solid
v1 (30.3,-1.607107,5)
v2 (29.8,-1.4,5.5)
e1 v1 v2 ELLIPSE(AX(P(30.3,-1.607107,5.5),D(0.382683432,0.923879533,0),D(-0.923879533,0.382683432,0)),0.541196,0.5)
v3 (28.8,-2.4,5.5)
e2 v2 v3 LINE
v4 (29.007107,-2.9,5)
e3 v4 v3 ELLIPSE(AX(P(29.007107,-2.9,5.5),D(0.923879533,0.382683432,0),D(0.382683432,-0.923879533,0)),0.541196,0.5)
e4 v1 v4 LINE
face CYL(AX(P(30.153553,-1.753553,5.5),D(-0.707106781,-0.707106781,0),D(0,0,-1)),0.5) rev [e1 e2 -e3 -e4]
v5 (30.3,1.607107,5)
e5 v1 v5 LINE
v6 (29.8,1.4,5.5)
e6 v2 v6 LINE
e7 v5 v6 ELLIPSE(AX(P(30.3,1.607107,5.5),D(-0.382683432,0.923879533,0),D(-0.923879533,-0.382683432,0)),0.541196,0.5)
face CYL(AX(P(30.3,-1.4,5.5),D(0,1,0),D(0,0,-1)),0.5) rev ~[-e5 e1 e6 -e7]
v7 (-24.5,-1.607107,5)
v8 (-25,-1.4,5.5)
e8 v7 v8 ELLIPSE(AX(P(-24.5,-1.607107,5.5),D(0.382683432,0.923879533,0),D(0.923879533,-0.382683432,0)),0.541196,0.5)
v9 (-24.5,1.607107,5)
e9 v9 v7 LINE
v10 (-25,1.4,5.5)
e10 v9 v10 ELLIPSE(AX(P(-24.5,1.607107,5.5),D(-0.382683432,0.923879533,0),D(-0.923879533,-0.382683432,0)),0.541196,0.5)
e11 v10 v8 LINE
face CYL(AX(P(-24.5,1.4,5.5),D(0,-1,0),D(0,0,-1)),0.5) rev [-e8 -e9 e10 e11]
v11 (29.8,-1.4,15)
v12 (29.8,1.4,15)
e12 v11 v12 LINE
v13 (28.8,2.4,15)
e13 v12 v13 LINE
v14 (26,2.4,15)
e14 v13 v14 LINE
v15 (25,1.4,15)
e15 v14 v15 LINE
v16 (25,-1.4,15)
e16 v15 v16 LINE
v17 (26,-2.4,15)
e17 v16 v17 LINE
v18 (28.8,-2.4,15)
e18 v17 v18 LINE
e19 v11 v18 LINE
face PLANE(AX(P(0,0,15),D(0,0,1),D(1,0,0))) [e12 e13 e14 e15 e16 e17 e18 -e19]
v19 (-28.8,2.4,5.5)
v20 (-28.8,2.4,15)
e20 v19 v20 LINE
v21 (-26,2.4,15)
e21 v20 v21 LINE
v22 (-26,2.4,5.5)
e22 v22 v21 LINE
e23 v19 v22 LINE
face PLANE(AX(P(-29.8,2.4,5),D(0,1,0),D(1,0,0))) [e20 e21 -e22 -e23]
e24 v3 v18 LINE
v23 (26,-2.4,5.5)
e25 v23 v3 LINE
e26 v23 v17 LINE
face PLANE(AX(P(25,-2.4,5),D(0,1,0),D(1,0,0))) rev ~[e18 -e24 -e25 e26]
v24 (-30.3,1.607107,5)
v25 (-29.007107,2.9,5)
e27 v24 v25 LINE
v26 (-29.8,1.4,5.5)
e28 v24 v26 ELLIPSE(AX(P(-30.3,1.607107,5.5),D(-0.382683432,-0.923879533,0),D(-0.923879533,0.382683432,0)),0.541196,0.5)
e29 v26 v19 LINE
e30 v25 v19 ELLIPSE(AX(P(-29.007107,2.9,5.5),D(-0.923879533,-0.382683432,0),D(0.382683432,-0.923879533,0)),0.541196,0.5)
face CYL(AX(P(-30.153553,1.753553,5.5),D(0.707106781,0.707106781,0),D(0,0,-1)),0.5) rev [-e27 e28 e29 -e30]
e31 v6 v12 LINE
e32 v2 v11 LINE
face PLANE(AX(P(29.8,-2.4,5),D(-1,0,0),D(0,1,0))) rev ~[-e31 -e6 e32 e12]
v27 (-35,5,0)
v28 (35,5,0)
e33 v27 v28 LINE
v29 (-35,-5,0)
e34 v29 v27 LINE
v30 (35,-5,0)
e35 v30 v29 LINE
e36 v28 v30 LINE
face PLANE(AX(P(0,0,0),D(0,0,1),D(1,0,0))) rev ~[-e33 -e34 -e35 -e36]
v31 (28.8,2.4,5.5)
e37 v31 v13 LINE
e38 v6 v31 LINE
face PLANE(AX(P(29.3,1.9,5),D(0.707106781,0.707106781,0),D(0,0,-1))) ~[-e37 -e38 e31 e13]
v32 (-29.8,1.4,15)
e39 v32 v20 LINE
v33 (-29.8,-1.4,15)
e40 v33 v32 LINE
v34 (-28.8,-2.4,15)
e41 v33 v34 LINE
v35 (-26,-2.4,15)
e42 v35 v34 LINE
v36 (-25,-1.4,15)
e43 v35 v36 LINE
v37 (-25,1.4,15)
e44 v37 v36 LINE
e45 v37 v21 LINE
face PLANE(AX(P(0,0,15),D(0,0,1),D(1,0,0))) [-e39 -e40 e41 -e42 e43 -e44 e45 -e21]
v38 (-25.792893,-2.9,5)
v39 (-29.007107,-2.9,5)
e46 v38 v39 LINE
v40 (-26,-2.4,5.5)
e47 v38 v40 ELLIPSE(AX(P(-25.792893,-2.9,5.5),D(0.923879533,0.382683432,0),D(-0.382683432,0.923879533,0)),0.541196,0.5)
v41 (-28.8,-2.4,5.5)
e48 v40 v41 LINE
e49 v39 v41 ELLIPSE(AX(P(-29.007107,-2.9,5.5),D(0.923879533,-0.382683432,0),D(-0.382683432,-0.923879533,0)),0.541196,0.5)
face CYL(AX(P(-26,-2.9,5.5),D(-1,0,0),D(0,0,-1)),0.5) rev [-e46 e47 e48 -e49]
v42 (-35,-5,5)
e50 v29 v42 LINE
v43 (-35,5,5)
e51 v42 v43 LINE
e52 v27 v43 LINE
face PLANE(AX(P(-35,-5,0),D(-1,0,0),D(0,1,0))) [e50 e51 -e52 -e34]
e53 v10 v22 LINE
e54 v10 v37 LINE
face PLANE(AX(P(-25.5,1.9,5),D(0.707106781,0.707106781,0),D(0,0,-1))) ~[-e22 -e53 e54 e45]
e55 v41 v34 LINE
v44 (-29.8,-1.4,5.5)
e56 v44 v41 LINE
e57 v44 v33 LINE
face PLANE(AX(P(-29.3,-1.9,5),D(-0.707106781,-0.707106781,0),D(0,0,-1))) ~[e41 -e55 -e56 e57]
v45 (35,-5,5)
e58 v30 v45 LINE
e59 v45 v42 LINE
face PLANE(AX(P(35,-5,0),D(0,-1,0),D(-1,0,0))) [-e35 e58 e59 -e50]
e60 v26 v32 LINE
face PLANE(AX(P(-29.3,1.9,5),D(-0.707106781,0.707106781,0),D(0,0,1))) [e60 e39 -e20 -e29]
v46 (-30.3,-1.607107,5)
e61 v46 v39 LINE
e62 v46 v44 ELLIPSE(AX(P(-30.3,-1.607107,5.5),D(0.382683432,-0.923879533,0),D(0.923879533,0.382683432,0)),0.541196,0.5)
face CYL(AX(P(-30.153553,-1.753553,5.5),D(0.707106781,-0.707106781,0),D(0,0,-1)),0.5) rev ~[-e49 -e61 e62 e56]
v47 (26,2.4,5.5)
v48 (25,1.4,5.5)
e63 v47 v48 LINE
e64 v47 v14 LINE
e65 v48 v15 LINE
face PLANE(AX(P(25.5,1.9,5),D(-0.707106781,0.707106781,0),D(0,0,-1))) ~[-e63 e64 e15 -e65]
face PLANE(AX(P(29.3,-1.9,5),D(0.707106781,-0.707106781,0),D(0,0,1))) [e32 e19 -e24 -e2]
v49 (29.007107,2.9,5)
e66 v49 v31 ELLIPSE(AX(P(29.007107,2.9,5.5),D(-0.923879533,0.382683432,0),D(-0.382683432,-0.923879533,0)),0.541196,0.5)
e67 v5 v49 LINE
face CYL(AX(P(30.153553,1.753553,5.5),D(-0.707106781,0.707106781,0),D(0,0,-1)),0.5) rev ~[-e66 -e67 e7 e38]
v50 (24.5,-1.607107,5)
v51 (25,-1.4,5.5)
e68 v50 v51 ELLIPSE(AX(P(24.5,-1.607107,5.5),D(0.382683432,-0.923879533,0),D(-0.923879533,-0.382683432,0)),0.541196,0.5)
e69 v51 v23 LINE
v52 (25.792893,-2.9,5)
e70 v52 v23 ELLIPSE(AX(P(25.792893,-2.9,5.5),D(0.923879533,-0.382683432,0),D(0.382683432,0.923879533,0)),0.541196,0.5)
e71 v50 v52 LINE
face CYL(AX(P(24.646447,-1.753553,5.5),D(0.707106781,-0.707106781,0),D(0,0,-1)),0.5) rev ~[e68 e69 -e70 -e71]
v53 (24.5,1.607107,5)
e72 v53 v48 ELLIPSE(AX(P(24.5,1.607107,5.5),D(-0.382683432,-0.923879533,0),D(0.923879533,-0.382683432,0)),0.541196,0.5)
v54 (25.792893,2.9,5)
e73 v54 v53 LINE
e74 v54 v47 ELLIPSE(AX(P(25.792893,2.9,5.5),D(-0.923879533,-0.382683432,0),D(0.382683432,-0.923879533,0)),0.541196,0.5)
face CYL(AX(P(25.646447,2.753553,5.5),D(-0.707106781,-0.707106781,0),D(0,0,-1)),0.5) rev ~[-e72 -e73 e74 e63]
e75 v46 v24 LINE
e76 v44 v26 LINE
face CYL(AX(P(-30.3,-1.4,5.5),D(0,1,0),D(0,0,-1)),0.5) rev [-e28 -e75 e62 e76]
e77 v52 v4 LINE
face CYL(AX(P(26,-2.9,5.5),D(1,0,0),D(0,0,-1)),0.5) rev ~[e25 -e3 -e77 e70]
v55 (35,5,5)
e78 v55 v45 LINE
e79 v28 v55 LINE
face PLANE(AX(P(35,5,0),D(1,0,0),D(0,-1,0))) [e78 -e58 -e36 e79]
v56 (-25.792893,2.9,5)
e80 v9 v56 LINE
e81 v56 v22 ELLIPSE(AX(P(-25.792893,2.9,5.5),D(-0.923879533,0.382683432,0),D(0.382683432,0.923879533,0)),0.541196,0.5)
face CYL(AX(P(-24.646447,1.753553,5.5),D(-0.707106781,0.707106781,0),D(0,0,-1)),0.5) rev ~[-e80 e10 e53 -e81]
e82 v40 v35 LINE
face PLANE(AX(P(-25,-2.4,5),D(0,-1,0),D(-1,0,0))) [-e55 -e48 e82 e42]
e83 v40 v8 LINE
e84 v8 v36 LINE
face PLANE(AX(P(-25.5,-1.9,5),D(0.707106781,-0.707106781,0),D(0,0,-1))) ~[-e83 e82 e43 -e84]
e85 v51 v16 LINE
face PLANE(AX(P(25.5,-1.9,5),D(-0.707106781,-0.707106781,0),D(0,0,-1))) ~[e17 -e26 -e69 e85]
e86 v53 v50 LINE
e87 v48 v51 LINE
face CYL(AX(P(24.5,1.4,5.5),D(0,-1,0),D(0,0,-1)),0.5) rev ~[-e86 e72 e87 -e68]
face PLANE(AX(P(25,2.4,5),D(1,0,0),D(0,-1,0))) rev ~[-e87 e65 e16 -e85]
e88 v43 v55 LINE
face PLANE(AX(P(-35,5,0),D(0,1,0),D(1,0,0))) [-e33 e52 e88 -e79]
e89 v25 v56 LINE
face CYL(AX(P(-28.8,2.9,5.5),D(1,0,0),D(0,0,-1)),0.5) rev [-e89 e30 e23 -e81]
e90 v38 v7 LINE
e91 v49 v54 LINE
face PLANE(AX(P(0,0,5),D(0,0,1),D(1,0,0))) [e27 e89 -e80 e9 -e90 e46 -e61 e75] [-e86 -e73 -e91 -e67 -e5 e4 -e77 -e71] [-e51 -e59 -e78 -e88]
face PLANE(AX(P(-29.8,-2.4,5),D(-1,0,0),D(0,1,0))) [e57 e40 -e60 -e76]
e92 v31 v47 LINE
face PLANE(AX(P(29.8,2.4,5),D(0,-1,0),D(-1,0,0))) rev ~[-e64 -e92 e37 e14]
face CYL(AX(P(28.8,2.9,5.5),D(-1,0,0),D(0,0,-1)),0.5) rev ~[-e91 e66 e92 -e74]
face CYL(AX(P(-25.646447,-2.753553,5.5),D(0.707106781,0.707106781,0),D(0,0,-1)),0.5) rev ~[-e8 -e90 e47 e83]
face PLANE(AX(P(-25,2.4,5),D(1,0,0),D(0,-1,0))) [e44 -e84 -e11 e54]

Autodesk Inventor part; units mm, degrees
ref_plane "YZ Plane" through (0, 0, 0) normal (1, 0, 0) x (0, 1, 0)
ref_plane "XZ Plane" through (0, 0, 0) normal (0, 1, 0) x (-1, 0, 0)
ref_plane "XY Plane" through (0, 0, 0) normal (0, 0, 1) x (1, 0, 0)
sketch "Sketch1" plane through (0, 0, 0) normal (0, 0, 1) x (1, 0, 0)
  line L0 (-35, 5) -> (35, 5)
  line L1 (35, 5) -> (35, -5)
  line L2 (35, -5) -> (-35, -5)
  line L3 (-35, -5) -> (-35, 5)
  line L4 (-35, 5) -> (35, -5) construction
  line L5 (35, 5) -> (-35, -5) construction
  point P0 (0, 0)
  dimension "d0" = 70
  dimension "d1" = 10
extrude "Extrusion1" add sketch "Sketch1" along normal blind 5
sketch "Sketch2" plane through (0, 0, 5) normal (0, 0, 1) x (1, 0, 0)
  line L0 (-29.8, 2.4) -> (-25, 2.4)
  line L1 (-25, 2.4) -> (-25, -2.4)
  line L2 (-25, -2.4) -> (-29.8, -2.4)
  line L3 (-29.8, -2.4) -> (-29.8, 2.4)
  line L4 (-29.8, 2.4) -> (-25, -2.4) construction
  line L5 (-25, 2.4) -> (-29.8, -2.4) construction
  line L6 (35, 5) -> (-35, 5) construction
  line L7 (-35, -5) -> (35, -5) construction
  line L8 (0, 5) -> (0, -5) construction
  line L9 (29.8, 2.4) -> (25, 2.4)
  line L10 (25, 2.4) -> (25, -2.4)
  line L11 (25, -2.4) -> (29.8, -2.4)
  line L12 (29.8, -2.4) -> (29.8, 2.4)
  point P0 (0, 0)
  point P1 (-27.4, 0)
  point P2 (-25, 0)
  dimension "d4" = 4.8
  dimension "d5" = 4.8
  dimension "d6" = 25
extrude "Extrusion2" add sketch "Sketch2" along normal blind 10
chamfer "Chamfer1" distance 1 angle 45 8 edges at (-29.8, 2.4, 10) (-25, 2.4, 10) (-29.8, -2.4, 10) (-25, -2.4, 10) (25, 2.4, 10) (29.8, 2.4, 10) (29.8, -2.4, 10) (25, -2.4, 10)
fillet "Fillet1" radius 0.5 8 edges at (-27.4, 2.4, 5) (-25.5, 1.9, 5) (-25, 0, 5) (-25.5, -1.9, 5) (-27.4, -2.4, 5) (-29.3, -1.9, 5) (-29.8, 0, 5) (-29.3, 1.9, 5)
fillet "Fillet2" radius 0.5 8 edges at (25, 0, 5) (25.5, 1.9, 5) (27.4, 2.4, 5) (29.3, 1.9, 5) (29.8, 0, 5) (29.3, -1.9, 5) (27.4, -2.4, 5) (25.5, -1.9, 5)
properties part number "UNION_INTERNA"
